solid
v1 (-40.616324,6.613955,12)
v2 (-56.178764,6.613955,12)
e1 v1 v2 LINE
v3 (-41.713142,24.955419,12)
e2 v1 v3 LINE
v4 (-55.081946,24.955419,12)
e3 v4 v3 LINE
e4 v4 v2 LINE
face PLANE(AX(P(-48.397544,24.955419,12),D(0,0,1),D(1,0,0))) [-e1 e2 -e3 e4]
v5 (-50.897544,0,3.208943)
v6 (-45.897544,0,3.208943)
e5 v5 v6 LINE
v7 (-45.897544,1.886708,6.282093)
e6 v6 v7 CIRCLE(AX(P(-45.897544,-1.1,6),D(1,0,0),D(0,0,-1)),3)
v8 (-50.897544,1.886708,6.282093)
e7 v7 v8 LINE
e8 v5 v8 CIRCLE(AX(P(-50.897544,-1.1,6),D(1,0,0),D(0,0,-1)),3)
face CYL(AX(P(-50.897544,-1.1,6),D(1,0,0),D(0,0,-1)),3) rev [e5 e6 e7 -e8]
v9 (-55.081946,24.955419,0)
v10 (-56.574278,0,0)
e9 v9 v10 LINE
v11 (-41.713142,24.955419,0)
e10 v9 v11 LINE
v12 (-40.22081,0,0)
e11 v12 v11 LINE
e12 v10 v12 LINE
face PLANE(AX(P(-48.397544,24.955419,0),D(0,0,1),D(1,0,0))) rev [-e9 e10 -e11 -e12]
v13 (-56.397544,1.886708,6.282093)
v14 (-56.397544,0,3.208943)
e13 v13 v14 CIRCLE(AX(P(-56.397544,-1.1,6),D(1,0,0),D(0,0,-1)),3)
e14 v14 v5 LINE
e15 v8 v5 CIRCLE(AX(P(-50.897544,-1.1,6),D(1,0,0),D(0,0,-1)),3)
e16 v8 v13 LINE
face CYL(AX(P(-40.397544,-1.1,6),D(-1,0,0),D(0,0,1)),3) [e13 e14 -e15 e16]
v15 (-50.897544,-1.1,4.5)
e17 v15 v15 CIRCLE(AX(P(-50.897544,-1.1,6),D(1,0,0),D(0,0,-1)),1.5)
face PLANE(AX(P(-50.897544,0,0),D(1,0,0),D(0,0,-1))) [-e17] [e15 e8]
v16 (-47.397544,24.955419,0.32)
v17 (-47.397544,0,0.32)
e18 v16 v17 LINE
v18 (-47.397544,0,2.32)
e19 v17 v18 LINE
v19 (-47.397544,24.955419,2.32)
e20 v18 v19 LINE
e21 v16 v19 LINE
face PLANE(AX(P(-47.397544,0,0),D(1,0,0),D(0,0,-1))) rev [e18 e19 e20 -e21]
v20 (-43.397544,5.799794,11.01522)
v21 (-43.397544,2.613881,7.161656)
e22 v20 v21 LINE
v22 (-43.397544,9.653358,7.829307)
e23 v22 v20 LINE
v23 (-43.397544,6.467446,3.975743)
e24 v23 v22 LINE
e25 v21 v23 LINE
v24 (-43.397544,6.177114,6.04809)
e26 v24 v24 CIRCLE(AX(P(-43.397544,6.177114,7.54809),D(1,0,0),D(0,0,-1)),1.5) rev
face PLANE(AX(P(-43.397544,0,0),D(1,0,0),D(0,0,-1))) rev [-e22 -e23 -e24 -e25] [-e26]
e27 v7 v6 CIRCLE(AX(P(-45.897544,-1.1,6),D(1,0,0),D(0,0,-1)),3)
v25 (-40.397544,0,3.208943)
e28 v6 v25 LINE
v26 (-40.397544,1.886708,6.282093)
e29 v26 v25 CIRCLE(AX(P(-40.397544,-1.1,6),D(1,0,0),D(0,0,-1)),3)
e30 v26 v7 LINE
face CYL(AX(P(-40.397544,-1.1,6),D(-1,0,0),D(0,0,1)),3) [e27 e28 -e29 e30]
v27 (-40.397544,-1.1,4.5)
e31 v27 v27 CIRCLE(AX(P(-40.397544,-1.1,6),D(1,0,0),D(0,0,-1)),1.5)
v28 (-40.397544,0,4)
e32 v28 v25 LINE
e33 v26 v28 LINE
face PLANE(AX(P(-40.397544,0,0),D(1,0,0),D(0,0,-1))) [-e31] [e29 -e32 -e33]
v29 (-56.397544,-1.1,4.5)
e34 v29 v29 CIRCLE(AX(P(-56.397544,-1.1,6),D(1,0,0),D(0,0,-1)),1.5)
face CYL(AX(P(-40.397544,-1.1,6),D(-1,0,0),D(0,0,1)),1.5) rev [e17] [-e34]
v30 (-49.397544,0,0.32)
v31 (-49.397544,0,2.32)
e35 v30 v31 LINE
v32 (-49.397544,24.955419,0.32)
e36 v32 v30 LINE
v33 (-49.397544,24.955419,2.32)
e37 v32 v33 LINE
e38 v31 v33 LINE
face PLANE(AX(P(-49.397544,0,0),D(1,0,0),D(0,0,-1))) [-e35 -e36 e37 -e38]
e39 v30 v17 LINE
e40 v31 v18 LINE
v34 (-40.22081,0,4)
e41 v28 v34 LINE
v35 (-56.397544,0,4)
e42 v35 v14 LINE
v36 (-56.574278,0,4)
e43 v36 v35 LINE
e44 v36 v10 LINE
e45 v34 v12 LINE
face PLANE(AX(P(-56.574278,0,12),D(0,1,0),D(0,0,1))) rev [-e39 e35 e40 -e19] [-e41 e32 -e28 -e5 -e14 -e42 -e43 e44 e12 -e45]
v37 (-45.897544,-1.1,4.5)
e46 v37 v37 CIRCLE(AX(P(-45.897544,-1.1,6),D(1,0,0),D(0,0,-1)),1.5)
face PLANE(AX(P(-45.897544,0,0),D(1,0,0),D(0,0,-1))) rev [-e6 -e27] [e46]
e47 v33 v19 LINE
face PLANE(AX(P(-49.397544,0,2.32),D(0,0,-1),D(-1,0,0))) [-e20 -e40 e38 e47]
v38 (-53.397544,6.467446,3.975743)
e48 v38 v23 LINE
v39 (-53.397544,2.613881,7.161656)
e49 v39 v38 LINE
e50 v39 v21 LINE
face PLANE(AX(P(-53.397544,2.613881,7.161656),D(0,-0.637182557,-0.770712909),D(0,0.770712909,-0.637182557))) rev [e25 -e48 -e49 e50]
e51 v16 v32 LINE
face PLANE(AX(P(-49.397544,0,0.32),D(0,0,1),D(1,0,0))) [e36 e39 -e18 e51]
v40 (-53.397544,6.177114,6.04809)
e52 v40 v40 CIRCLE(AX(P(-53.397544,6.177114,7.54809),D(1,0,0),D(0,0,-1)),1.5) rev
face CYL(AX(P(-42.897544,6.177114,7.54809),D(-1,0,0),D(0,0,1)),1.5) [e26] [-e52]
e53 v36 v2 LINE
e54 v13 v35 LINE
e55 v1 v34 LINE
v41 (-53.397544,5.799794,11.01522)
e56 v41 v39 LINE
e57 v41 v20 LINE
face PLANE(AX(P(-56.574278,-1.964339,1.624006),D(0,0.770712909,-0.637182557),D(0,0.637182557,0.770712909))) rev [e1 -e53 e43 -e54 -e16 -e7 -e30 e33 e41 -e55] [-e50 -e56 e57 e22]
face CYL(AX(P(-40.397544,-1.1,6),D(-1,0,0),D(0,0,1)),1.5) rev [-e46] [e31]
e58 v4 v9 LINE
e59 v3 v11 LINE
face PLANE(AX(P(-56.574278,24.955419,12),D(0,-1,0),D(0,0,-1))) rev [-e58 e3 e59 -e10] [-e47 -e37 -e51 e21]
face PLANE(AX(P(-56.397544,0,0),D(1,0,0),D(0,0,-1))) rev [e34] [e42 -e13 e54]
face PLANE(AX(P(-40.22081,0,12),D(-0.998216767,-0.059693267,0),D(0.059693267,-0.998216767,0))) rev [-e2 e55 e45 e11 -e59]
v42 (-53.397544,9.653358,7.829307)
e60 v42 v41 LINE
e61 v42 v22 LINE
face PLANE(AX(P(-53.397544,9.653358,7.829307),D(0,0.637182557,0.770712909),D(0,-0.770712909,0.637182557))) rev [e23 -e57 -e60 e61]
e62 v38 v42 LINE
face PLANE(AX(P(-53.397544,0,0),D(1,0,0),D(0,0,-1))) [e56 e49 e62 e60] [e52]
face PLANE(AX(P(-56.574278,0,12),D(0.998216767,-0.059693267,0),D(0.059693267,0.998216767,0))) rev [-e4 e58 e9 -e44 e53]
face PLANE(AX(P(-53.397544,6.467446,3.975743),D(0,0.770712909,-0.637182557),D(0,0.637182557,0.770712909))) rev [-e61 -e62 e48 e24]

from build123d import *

# Parameters (mm, degrees)
BOSS_EXTRUDE1_DEPTH     = 12
CUT_EXTRUDE1_DEPTH      = 35.812889373
CUT_EXTRUDE1_DEPTH_BACK = 35.812889373
SKETCH6_R               = 3
SKETCH6_R_2             = 1.5
BOSS_EXTRUDE2_DEPTH     = 8
SKETCH6_3_R             = 3
SKETCH6_3_R_2           = 1.5
CUT_EXTRUDE2_DEPTH      = 2.5
CUT_EXTRUDE3_DEPTH      = 5
SKETCH8_R               = 1.5
BOSS_EXTRUDE3_DEPTH     = 5.5
CUT_EXTRUDE4_DEPTH      = 35.812889373
CUT_EXTRUDE4_DEPTH_BACK = 35.812889373
SKETCH9_W               = 12
SKETCH9_H               = 6.684402113
SKETCH10_W              = 2
SKETCH10_H              = 28.550384588
CUT_EXTRUDE5_DEPTH      = 1


with BuildPart() as part:
    # Sketch1 → Boss-Extrude1 (new body)
    with BuildSketch(Plane.XY):
        with BuildLine():
            Line((-56.5742778, 0), (-40.220810234, 0))
            Line((-40.220810234, 0), (-41.713141903, 24.955419175))
            ThreePointArc((-41.713141903, 24.955419175), (-48.397544017, 31.639821288), (-55.081946131, 24.955419175))
            Line((-55.081946131, 24.955419175), (-56.5742778, 0))
        make_face()
    extrude(amount=BOSS_EXTRUDE1_DEPTH)

    # Sketch3 → Cut-Extrude1 (cut, two sides: drawn at the far end of the back side and taken through both)
    with BuildSketch(Plane(origin=(-48.397544017, 0, 0), x_dir=(0, 0, -1), z_dir=(1, 0, 0)).offset(-CUT_EXTRUDE1_DEPTH_BACK)):
        Polygon((-12, 0), (-4, 0), (-12, 6.613954944), align=None)
    extrude(amount=CUT_EXTRUDE1_DEPTH + CUT_EXTRUDE1_DEPTH_BACK, mode=Mode.SUBTRACT)

    # Sketch6 → Boss-Extrude2 (add, symmetric)
    with BuildSketch(Plane(origin=(-48.397544017, 0, 0), x_dir=(0, 0, -1), z_dir=(1, 0, 0))):
        with Locations((-6, -1.1)):
            Circle(SKETCH6_R)
        with Locations((-6, -1.1)):
            Circle(SKETCH6_R_2, mode=Mode.SUBTRACT)
    extrude(amount=BOSS_EXTRUDE2_DEPTH, both=True)

    # Sketch6<3> → Cut-Extrude2 (cut, symmetric)
    with BuildSketch(Plane(origin=(-48.397544017, 0, 0), x_dir=(0, 0, -1), z_dir=(1, 0, 0))):
        with Locations((-6, -1.1)):
            Circle(SKETCH6_3_R)
        with Locations((-6, -1.1)):
            Circle(SKETCH6_3_R_2, mode=Mode.SUBTRACT)
    extrude(amount=CUT_EXTRUDE2_DEPTH, both=True, mode=Mode.SUBTRACT)

    # Sketch7 → Cut-Extrude3 (cut, symmetric)
    with BuildSketch(Plane(origin=(-48.397544017, 0, 0), x_dir=(0, 0, -1), z_dir=(1, 0, 0))):
        Polygon((-7.161655697, 2.613881041), (-11.015220244, 5.799793827), (-7.829307458, 9.653358374), (-3.975742911, 6.467445588), align=None)
    extrude(amount=CUT_EXTRUDE3_DEPTH, both=True, mode=Mode.SUBTRACT)

    # Sketch8 → Boss-Extrude3 (add, symmetric)
    with BuildSketch(Plane(origin=(-48.397544017, 0, 0), x_dir=(0, 0, -1), z_dir=(1, 0, 0))):
        with Locations((-7.548090256, 6.177113636)):
            Circle(SKETCH8_R)
    extrude(amount=BOSS_EXTRUDE3_DEPTH, both=True)

    # Sketch9 → Cut-Extrude4 (cut, two sides: drawn at the far end of the back side and taken through both)
    with BuildSketch(Plane(origin=(-48.397544017, 0, 0), x_dir=(0, 0, -1), z_dir=(1, 0, 0)).offset(-CUT_EXTRUDE4_DEPTH_BACK)):
        with Locations((-6, 28.297620232)):
            Rectangle(SKETCH9_W, SKETCH9_H)
    extrude(amount=CUT_EXTRUDE4_DEPTH + CUT_EXTRUDE4_DEPTH_BACK, mode=Mode.SUBTRACT)

    # Sketch10 → Cut-Extrude5 (cut, symmetric)
    with BuildSketch(Plane(origin=(-48.397544017, 0, 0), x_dir=(0, 0, -1), z_dir=(1, 0, 0))):
        with Locations((-1.32, 14.275192294)):
            Rectangle(SKETCH10_W, SKETCH10_H)
    extrude(amount=CUT_EXTRUDE5_DEPTH, both=True, mode=Mode.SUBTRACT)


solid = part.part
